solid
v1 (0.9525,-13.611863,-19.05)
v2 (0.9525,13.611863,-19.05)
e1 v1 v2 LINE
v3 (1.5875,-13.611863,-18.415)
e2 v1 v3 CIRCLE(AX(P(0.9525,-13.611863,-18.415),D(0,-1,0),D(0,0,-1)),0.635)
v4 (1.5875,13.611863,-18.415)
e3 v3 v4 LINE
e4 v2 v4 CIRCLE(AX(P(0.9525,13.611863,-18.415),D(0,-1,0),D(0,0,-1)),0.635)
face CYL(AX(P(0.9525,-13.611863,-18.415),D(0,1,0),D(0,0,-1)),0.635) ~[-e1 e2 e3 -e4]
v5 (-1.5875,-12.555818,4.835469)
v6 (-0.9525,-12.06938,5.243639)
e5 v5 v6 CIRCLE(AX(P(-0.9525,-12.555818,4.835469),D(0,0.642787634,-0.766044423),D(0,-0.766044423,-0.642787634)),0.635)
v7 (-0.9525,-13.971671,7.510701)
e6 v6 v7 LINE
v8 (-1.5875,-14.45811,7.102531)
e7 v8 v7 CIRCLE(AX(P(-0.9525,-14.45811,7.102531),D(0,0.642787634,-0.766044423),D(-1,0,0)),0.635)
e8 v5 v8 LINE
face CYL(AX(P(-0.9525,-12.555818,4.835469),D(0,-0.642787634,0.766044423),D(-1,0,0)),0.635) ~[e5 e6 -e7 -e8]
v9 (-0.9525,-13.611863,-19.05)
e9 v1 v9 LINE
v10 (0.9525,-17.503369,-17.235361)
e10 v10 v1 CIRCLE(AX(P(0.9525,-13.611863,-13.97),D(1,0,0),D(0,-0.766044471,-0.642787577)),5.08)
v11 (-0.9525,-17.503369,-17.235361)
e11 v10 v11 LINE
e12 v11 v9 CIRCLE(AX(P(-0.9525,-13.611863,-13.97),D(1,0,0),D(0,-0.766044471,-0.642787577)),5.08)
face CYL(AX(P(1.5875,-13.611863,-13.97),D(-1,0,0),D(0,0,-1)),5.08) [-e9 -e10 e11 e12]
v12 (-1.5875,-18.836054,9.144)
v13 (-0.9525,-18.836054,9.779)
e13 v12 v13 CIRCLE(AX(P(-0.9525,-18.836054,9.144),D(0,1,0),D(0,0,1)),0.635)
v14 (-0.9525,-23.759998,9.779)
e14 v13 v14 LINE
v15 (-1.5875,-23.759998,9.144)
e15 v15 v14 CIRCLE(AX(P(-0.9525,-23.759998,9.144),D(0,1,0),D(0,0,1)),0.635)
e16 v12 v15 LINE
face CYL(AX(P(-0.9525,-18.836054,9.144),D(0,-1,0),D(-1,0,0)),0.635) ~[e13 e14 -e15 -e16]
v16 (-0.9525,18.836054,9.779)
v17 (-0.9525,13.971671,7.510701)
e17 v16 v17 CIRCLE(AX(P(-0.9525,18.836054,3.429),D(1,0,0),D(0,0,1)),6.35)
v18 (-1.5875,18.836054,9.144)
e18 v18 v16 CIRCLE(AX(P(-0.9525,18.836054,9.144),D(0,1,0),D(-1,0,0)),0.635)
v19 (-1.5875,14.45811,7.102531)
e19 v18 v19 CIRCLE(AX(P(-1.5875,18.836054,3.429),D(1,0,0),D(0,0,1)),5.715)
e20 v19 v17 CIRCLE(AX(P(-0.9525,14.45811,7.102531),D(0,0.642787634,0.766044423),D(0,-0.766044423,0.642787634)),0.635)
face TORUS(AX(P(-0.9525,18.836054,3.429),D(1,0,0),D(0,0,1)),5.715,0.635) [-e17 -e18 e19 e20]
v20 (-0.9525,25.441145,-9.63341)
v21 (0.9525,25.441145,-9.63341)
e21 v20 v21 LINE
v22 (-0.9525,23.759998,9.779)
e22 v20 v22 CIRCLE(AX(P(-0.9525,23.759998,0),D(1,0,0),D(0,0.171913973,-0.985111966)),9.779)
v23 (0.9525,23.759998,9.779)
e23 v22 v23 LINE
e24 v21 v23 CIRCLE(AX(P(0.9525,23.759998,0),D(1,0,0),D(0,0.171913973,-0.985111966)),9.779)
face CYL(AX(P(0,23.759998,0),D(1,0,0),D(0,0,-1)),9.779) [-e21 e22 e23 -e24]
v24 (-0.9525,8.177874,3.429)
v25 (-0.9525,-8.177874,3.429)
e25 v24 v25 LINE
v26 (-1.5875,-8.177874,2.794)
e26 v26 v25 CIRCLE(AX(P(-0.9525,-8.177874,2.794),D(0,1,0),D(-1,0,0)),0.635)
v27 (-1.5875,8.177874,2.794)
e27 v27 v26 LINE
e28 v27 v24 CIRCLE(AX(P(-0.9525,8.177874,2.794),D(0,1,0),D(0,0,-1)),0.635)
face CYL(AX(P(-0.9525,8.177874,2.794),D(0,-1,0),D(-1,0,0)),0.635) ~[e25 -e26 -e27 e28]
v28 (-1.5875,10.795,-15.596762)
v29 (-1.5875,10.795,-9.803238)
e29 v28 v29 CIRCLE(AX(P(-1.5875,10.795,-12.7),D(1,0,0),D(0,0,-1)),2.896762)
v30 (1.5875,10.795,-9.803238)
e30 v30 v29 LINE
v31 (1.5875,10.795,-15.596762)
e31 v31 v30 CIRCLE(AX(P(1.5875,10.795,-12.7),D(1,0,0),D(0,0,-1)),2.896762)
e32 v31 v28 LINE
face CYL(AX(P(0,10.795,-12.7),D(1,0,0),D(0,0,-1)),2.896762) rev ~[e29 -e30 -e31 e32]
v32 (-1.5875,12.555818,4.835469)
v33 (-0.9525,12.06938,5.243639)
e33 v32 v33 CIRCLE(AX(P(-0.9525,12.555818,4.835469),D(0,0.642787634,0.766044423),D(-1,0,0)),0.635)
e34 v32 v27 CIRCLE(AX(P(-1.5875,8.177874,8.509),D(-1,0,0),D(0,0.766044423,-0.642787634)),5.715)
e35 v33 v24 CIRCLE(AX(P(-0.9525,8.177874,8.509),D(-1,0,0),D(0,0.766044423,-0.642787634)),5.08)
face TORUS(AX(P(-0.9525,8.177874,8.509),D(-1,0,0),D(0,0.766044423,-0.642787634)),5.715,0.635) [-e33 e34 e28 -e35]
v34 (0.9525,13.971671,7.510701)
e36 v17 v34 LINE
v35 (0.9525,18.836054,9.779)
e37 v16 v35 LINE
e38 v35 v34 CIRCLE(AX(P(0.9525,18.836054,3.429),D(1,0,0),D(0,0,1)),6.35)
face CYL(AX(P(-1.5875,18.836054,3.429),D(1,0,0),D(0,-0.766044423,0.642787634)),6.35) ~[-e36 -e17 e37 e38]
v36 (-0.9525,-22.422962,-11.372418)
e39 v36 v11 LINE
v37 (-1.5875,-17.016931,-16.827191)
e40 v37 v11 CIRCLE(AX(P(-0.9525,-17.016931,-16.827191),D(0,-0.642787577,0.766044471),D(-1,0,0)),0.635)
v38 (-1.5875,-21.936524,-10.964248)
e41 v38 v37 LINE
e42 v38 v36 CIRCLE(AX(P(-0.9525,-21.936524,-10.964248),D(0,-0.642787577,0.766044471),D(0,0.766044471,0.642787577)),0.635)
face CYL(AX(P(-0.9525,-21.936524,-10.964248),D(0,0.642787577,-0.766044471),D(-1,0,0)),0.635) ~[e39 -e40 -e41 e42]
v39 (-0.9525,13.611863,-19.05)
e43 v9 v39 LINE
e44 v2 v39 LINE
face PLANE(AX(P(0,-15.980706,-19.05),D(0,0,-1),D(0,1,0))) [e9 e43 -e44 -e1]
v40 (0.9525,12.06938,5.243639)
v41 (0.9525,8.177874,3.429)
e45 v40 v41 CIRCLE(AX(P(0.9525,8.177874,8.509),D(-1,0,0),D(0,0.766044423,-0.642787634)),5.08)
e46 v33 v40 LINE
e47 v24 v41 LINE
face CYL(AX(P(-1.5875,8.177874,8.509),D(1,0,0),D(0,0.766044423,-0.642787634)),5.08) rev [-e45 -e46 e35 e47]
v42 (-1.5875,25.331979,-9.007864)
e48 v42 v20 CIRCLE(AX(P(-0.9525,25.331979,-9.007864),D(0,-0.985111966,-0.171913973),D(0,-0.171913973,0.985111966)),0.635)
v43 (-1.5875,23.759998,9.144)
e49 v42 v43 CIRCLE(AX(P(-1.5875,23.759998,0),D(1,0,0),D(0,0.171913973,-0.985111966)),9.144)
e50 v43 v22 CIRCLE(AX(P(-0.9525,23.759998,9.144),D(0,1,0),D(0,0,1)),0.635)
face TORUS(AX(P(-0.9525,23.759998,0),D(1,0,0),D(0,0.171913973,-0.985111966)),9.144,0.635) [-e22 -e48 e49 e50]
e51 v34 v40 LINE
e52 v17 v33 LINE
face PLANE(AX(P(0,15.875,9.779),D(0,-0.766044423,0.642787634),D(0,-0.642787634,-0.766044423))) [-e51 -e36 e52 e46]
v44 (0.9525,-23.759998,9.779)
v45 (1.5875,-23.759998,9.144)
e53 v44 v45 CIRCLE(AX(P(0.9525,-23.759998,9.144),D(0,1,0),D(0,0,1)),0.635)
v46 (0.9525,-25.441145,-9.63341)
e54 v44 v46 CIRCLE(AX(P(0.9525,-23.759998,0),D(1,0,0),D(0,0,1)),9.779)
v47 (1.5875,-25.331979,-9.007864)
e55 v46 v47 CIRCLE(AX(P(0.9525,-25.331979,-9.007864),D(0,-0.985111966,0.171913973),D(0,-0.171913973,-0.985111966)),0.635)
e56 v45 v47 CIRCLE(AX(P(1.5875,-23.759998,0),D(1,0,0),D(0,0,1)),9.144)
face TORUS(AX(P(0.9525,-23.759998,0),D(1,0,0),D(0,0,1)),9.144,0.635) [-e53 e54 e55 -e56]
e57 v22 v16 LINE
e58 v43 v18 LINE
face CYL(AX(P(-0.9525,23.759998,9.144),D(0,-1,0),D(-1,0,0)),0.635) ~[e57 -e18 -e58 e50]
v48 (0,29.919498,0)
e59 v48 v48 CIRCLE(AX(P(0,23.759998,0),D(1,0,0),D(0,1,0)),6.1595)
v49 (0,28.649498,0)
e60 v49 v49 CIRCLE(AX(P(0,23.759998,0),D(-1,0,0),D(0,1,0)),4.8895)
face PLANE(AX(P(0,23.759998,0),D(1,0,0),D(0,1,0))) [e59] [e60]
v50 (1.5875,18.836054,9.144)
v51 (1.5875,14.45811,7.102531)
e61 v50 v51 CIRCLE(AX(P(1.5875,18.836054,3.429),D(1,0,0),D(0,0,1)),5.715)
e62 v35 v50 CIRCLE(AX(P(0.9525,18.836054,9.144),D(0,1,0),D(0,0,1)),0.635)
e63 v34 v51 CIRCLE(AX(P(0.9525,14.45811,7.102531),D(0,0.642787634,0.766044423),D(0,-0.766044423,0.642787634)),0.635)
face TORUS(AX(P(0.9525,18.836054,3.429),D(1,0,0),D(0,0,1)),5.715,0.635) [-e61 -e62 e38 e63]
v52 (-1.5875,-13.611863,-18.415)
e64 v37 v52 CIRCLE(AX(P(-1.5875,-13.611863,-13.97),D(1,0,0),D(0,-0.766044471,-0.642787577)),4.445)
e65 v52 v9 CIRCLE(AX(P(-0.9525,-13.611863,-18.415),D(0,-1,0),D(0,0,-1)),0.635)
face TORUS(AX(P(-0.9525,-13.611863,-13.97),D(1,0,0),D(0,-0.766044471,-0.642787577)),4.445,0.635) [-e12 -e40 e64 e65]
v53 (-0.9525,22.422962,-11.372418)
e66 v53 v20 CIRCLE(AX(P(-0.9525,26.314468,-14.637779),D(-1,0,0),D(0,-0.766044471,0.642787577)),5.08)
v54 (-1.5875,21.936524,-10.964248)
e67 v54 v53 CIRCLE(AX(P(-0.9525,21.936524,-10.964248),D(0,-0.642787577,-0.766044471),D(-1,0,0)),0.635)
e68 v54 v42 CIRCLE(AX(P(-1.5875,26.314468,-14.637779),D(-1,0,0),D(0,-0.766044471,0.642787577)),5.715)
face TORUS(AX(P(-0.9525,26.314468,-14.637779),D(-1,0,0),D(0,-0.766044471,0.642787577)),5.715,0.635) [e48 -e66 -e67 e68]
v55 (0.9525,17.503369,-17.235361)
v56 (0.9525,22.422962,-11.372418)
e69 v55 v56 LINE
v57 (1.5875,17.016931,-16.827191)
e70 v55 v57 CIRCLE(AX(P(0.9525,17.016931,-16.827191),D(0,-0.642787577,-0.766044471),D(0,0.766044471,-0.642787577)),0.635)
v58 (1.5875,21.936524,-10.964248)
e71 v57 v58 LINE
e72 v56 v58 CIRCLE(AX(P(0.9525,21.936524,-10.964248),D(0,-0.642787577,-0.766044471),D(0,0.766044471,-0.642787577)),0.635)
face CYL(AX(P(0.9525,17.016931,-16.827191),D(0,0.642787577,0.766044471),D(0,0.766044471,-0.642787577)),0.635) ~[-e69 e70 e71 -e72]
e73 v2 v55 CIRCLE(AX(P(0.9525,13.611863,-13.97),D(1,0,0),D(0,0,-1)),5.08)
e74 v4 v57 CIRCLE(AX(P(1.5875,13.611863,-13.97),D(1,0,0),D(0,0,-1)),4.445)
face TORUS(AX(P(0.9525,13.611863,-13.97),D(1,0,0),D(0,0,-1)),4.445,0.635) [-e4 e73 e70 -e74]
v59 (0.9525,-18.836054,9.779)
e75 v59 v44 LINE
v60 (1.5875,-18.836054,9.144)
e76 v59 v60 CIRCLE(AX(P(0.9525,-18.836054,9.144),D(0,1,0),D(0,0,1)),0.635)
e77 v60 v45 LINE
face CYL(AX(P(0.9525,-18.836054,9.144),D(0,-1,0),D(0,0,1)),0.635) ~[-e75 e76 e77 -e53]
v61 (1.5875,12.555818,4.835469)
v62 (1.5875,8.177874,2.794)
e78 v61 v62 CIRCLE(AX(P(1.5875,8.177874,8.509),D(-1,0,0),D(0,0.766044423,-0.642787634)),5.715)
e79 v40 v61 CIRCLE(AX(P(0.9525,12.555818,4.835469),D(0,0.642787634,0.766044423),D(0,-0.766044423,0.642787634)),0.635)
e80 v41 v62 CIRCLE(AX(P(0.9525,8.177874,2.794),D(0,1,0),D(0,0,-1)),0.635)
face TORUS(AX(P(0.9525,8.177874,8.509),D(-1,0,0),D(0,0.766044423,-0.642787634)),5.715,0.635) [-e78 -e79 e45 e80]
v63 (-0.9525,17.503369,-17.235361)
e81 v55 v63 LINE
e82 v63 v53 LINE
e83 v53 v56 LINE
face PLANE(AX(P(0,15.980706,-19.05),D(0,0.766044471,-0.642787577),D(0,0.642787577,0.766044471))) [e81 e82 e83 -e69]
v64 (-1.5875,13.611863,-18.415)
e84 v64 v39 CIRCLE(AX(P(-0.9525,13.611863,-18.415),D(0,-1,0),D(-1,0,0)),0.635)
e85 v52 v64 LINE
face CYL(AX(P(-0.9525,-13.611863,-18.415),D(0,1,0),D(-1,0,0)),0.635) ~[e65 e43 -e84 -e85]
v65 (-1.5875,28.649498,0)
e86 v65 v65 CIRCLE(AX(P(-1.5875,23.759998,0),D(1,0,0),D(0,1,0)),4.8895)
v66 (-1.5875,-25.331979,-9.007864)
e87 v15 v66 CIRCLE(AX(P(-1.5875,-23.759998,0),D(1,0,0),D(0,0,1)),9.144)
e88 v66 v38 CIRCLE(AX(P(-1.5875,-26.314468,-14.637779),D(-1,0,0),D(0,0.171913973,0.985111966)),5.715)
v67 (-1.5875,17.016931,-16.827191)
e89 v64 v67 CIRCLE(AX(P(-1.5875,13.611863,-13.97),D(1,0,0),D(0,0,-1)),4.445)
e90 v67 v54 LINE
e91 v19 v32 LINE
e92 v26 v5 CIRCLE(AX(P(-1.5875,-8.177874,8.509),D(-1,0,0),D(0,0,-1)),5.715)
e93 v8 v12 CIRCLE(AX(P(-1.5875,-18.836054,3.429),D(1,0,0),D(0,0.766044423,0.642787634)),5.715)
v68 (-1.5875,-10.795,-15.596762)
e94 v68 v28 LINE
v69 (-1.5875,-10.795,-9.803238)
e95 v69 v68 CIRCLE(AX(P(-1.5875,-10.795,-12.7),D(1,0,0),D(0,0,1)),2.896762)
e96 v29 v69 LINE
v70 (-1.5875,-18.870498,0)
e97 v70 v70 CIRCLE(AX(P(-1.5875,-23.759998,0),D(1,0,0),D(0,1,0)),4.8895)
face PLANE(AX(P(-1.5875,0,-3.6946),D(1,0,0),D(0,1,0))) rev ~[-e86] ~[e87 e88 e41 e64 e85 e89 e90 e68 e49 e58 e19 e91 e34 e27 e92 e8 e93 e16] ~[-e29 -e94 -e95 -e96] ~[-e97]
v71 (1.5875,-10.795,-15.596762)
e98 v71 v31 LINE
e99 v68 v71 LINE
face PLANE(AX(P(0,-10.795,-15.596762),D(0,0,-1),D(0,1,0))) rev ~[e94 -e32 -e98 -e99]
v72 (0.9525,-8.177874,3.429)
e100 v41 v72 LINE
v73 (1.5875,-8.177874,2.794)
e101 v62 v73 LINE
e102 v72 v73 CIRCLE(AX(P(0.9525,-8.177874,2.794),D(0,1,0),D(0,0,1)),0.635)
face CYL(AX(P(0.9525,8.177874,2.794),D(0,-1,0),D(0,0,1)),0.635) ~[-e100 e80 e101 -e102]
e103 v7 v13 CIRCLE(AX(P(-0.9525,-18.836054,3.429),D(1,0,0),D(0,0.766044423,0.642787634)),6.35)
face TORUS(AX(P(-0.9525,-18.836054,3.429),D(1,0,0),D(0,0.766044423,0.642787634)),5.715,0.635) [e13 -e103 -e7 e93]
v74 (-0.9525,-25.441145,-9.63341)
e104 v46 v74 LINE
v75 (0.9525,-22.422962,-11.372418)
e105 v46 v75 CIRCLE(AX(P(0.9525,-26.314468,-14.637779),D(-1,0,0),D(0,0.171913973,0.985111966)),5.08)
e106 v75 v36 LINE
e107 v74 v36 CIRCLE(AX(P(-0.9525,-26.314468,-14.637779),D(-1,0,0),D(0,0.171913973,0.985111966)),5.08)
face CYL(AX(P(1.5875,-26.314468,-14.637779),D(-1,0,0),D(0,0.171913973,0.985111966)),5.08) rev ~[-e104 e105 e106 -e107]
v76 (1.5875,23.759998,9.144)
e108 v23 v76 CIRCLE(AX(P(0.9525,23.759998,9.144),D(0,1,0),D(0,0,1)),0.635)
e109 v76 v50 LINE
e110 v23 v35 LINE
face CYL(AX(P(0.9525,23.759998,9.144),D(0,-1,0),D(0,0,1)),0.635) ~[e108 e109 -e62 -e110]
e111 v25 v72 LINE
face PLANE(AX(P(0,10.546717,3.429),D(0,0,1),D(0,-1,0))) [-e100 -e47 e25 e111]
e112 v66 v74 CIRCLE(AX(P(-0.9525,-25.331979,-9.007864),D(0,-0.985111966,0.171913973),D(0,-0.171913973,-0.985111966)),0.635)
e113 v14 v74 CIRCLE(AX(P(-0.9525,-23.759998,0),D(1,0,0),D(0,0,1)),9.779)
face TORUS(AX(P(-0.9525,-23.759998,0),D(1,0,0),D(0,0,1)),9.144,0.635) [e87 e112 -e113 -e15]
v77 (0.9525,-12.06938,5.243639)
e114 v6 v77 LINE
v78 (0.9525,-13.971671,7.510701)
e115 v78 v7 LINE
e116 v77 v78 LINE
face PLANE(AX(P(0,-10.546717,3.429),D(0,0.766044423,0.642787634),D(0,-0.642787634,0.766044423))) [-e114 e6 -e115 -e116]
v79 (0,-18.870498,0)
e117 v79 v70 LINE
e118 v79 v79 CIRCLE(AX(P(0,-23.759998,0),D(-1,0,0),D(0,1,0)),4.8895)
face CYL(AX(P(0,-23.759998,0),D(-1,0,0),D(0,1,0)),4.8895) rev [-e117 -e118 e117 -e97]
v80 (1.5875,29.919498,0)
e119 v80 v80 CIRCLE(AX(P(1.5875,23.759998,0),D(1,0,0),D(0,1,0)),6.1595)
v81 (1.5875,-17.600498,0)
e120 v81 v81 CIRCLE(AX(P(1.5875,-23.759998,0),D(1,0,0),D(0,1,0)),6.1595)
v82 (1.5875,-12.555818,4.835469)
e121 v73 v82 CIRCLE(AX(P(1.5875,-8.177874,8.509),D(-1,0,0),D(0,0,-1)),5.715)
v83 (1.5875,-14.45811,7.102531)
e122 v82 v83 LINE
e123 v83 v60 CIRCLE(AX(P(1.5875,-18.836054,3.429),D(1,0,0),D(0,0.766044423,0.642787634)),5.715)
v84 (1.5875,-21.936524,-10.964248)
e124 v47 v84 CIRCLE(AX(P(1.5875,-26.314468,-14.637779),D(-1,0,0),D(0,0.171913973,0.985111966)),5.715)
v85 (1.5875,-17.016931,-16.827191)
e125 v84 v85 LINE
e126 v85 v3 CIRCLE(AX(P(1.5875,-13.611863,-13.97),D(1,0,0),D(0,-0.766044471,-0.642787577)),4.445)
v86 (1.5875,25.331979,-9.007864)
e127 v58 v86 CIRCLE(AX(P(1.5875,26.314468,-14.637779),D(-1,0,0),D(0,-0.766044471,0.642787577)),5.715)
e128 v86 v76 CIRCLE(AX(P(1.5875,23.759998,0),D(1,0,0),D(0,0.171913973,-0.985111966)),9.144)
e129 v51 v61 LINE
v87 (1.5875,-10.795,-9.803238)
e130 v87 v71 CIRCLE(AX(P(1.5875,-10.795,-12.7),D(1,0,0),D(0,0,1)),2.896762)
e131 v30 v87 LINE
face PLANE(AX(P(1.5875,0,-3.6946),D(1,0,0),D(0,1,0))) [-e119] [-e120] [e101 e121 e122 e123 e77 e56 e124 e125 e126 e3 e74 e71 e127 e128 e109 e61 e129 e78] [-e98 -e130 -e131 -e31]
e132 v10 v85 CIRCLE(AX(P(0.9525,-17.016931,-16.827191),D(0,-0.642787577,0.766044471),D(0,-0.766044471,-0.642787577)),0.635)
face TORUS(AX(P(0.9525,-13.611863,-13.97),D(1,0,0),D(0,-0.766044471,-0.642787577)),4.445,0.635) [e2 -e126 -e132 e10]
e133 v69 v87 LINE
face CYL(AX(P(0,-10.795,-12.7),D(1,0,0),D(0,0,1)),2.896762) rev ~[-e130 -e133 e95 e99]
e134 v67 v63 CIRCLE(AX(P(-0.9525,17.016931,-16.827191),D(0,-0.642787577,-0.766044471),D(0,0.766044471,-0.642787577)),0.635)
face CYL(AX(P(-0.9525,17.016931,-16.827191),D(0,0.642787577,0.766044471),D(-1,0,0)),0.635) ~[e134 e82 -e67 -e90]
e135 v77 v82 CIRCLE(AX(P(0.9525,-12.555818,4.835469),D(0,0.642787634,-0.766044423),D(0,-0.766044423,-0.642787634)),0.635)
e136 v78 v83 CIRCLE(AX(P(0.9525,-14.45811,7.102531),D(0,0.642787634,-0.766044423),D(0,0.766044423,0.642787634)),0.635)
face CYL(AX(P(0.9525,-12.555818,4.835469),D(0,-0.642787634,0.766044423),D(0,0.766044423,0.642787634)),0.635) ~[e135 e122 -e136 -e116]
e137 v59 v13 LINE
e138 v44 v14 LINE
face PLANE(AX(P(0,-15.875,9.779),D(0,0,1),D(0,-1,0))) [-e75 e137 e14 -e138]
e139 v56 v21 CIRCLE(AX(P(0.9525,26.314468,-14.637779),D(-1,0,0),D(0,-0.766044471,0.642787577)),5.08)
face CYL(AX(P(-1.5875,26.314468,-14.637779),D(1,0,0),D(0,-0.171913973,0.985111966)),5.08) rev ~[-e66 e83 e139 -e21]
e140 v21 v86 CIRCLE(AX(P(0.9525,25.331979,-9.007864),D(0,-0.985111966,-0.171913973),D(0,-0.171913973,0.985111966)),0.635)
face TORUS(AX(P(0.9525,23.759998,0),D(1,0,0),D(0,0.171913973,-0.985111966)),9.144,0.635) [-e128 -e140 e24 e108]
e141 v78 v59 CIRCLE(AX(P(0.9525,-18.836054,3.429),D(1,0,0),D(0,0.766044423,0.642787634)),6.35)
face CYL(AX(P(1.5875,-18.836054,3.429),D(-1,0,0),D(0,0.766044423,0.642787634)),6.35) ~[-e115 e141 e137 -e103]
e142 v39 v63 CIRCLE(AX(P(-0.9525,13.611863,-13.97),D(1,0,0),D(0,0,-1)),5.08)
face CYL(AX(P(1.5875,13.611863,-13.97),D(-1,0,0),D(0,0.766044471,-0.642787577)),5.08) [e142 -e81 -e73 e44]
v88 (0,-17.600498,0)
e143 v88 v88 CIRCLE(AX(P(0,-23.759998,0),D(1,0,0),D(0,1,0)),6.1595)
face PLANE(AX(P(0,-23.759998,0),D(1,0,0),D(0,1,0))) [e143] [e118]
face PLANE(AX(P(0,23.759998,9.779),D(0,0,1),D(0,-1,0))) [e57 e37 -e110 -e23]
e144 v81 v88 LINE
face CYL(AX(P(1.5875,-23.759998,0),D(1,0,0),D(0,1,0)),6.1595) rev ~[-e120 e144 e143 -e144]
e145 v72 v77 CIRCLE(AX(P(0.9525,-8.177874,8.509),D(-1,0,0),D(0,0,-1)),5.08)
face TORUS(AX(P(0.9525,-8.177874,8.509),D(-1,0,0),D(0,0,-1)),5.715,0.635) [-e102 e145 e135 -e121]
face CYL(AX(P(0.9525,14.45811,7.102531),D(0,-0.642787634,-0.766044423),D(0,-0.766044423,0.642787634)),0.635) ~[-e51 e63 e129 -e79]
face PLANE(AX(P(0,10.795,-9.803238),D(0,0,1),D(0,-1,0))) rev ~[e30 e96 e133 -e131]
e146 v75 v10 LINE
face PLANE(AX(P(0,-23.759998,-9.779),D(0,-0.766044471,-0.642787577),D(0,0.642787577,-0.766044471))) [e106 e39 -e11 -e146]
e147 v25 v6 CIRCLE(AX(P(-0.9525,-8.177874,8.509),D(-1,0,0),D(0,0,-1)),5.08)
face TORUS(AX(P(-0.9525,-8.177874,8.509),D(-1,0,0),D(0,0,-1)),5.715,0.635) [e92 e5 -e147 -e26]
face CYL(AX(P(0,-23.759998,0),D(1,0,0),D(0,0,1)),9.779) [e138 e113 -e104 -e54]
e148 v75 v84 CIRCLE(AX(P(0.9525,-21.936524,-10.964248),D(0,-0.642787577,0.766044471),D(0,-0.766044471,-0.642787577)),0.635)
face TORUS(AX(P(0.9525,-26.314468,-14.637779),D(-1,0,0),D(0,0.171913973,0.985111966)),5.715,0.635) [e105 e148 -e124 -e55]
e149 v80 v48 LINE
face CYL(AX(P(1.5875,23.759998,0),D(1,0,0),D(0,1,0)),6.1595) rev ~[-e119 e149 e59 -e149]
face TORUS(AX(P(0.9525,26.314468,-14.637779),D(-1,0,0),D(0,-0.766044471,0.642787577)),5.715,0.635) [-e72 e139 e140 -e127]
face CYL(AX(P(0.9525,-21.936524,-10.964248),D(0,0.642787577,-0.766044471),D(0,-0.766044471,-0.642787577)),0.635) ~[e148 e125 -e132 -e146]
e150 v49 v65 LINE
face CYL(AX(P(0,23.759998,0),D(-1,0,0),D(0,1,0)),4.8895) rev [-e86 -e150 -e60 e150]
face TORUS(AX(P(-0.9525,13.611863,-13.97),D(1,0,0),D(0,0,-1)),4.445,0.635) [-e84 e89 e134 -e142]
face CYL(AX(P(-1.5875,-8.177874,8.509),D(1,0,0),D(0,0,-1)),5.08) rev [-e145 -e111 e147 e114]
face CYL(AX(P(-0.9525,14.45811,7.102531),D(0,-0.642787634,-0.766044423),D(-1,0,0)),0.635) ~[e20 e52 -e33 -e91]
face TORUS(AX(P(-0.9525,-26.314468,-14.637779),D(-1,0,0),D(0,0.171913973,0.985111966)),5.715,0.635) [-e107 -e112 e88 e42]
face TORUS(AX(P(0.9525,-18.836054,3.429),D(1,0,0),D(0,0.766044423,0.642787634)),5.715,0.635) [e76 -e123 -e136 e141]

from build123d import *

# Parameters (mm, degrees)
F0_R     = 4.8895
F1_DEPTH = 1.5875
F2_R     = 5.08
F3_R     = 5.08
F4_R     = 6.35
F5_R     = 5.08
F7_DEPTH = 12.7
F8_R     = 6.1595
F9_DEPTH = 1.5875
F10_R    = 0.635


with BuildPart() as f1:
    # F0 (on Right) → F1 (new body, symmetric)
    with BuildSketch(Plane.YZ):
        with BuildLine():
            Line((15.980706, -19.05), (23.759998, -9.779))
            ThreePointArc((23.759998, -9.779), (33.538998, 0), (23.759998, 9.779))
            Line((23.759998, 9.779), (15.875, 9.779))
            Line((15.875, 9.779), (10.546717, 3.429))
            Line((10.546717, 3.429), (-10.546717, 3.429))
            Line((-10.546717, 3.429), (-15.875, 9.779))
            Line((-15.875, 9.779), (-23.759998, 9.779))
            ThreePointArc((-23.759998, 9.779), (-33.538998, 0), (-23.759998, -9.779))
            Line((-23.759998, -9.779), (-15.980706, -19.05))
            Line((-15.980706, -19.05), (15.980706, -19.05))
        make_face()
        with Locations((-23.759998, 0)):
            Circle(F0_R, mode=Mode.SUBTRACT)
        with Locations((23.759998, 0)):
            Circle(F0_R, mode=Mode.SUBTRACT)
    extrude(amount=F1_DEPTH, both=True)

    # F2
    f2_edges = [f1.edges().sort_by_distance(p)[0] for p in [
        (0, -15.980706, -19.05),
        (0, 15.980706, -19.05),
    ]]
    fillet(f2_edges, radius=F2_R)

    # F3
    f3_edges = [f1.edges().sort_by_distance(p)[0] for p in [
        (0, -10.546717, 3.429),
        (0, 10.546717, 3.429),
    ]]
    fillet(f3_edges, radius=F3_R)

    # F4
    f4_edges = [f1.edges().sort_by_distance(p)[0] for p in [
        (0, -15.875, 9.779),
        (0, 15.875, 9.779),
    ]]
    fillet(f4_edges, radius=F4_R)

    # F5
    f5_edges = [f1.edges().sort_by_distance(p)[0] for p in [
        (0, -23.759998, -9.779),
        (0, 23.759998, -9.779),
    ]]
    fillet(f5_edges, radius=F5_R)

    # F6 (on Right) → F7 (cut, symmetric)
    with BuildSketch(Plane.YZ):
        with BuildLine():
            Line((10.795, -9.803238), (-10.795, -9.803238))
            ThreePointArc((-10.795, -9.803238), (-13.691762, -12.7), (-10.795, -15.596762))
            Line((-10.795, -15.596762), (10.795, -15.596762))
            ThreePointArc((10.795, -15.596762), (13.691762, -12.7), (10.795, -9.803238))
        make_face()
    extrude(amount=F7_DEPTH, both=True, mode=Mode.SUBTRACT)

    # F8 (on face) → F9 (cut)
    with BuildSketch(Plane.YZ.offset(1.5875)):
        with Locations((-23.759998, 0)):
            Circle(F8_R)
        with Locations((23.759998, 0)):
            Circle(F8_R)
    extrude(amount=-F9_DEPTH, mode=Mode.SUBTRACT)

    # F10
    f10_edges = [f1.edges().sort_by_distance(p)[0] for p in [
        (1.5875, -19.963165, -14.303889),
        (-1.5875, -33.502533, 0.84372),
    ]]
    fillet(f10_edges, radius=F10_R)


solid = f1.part
